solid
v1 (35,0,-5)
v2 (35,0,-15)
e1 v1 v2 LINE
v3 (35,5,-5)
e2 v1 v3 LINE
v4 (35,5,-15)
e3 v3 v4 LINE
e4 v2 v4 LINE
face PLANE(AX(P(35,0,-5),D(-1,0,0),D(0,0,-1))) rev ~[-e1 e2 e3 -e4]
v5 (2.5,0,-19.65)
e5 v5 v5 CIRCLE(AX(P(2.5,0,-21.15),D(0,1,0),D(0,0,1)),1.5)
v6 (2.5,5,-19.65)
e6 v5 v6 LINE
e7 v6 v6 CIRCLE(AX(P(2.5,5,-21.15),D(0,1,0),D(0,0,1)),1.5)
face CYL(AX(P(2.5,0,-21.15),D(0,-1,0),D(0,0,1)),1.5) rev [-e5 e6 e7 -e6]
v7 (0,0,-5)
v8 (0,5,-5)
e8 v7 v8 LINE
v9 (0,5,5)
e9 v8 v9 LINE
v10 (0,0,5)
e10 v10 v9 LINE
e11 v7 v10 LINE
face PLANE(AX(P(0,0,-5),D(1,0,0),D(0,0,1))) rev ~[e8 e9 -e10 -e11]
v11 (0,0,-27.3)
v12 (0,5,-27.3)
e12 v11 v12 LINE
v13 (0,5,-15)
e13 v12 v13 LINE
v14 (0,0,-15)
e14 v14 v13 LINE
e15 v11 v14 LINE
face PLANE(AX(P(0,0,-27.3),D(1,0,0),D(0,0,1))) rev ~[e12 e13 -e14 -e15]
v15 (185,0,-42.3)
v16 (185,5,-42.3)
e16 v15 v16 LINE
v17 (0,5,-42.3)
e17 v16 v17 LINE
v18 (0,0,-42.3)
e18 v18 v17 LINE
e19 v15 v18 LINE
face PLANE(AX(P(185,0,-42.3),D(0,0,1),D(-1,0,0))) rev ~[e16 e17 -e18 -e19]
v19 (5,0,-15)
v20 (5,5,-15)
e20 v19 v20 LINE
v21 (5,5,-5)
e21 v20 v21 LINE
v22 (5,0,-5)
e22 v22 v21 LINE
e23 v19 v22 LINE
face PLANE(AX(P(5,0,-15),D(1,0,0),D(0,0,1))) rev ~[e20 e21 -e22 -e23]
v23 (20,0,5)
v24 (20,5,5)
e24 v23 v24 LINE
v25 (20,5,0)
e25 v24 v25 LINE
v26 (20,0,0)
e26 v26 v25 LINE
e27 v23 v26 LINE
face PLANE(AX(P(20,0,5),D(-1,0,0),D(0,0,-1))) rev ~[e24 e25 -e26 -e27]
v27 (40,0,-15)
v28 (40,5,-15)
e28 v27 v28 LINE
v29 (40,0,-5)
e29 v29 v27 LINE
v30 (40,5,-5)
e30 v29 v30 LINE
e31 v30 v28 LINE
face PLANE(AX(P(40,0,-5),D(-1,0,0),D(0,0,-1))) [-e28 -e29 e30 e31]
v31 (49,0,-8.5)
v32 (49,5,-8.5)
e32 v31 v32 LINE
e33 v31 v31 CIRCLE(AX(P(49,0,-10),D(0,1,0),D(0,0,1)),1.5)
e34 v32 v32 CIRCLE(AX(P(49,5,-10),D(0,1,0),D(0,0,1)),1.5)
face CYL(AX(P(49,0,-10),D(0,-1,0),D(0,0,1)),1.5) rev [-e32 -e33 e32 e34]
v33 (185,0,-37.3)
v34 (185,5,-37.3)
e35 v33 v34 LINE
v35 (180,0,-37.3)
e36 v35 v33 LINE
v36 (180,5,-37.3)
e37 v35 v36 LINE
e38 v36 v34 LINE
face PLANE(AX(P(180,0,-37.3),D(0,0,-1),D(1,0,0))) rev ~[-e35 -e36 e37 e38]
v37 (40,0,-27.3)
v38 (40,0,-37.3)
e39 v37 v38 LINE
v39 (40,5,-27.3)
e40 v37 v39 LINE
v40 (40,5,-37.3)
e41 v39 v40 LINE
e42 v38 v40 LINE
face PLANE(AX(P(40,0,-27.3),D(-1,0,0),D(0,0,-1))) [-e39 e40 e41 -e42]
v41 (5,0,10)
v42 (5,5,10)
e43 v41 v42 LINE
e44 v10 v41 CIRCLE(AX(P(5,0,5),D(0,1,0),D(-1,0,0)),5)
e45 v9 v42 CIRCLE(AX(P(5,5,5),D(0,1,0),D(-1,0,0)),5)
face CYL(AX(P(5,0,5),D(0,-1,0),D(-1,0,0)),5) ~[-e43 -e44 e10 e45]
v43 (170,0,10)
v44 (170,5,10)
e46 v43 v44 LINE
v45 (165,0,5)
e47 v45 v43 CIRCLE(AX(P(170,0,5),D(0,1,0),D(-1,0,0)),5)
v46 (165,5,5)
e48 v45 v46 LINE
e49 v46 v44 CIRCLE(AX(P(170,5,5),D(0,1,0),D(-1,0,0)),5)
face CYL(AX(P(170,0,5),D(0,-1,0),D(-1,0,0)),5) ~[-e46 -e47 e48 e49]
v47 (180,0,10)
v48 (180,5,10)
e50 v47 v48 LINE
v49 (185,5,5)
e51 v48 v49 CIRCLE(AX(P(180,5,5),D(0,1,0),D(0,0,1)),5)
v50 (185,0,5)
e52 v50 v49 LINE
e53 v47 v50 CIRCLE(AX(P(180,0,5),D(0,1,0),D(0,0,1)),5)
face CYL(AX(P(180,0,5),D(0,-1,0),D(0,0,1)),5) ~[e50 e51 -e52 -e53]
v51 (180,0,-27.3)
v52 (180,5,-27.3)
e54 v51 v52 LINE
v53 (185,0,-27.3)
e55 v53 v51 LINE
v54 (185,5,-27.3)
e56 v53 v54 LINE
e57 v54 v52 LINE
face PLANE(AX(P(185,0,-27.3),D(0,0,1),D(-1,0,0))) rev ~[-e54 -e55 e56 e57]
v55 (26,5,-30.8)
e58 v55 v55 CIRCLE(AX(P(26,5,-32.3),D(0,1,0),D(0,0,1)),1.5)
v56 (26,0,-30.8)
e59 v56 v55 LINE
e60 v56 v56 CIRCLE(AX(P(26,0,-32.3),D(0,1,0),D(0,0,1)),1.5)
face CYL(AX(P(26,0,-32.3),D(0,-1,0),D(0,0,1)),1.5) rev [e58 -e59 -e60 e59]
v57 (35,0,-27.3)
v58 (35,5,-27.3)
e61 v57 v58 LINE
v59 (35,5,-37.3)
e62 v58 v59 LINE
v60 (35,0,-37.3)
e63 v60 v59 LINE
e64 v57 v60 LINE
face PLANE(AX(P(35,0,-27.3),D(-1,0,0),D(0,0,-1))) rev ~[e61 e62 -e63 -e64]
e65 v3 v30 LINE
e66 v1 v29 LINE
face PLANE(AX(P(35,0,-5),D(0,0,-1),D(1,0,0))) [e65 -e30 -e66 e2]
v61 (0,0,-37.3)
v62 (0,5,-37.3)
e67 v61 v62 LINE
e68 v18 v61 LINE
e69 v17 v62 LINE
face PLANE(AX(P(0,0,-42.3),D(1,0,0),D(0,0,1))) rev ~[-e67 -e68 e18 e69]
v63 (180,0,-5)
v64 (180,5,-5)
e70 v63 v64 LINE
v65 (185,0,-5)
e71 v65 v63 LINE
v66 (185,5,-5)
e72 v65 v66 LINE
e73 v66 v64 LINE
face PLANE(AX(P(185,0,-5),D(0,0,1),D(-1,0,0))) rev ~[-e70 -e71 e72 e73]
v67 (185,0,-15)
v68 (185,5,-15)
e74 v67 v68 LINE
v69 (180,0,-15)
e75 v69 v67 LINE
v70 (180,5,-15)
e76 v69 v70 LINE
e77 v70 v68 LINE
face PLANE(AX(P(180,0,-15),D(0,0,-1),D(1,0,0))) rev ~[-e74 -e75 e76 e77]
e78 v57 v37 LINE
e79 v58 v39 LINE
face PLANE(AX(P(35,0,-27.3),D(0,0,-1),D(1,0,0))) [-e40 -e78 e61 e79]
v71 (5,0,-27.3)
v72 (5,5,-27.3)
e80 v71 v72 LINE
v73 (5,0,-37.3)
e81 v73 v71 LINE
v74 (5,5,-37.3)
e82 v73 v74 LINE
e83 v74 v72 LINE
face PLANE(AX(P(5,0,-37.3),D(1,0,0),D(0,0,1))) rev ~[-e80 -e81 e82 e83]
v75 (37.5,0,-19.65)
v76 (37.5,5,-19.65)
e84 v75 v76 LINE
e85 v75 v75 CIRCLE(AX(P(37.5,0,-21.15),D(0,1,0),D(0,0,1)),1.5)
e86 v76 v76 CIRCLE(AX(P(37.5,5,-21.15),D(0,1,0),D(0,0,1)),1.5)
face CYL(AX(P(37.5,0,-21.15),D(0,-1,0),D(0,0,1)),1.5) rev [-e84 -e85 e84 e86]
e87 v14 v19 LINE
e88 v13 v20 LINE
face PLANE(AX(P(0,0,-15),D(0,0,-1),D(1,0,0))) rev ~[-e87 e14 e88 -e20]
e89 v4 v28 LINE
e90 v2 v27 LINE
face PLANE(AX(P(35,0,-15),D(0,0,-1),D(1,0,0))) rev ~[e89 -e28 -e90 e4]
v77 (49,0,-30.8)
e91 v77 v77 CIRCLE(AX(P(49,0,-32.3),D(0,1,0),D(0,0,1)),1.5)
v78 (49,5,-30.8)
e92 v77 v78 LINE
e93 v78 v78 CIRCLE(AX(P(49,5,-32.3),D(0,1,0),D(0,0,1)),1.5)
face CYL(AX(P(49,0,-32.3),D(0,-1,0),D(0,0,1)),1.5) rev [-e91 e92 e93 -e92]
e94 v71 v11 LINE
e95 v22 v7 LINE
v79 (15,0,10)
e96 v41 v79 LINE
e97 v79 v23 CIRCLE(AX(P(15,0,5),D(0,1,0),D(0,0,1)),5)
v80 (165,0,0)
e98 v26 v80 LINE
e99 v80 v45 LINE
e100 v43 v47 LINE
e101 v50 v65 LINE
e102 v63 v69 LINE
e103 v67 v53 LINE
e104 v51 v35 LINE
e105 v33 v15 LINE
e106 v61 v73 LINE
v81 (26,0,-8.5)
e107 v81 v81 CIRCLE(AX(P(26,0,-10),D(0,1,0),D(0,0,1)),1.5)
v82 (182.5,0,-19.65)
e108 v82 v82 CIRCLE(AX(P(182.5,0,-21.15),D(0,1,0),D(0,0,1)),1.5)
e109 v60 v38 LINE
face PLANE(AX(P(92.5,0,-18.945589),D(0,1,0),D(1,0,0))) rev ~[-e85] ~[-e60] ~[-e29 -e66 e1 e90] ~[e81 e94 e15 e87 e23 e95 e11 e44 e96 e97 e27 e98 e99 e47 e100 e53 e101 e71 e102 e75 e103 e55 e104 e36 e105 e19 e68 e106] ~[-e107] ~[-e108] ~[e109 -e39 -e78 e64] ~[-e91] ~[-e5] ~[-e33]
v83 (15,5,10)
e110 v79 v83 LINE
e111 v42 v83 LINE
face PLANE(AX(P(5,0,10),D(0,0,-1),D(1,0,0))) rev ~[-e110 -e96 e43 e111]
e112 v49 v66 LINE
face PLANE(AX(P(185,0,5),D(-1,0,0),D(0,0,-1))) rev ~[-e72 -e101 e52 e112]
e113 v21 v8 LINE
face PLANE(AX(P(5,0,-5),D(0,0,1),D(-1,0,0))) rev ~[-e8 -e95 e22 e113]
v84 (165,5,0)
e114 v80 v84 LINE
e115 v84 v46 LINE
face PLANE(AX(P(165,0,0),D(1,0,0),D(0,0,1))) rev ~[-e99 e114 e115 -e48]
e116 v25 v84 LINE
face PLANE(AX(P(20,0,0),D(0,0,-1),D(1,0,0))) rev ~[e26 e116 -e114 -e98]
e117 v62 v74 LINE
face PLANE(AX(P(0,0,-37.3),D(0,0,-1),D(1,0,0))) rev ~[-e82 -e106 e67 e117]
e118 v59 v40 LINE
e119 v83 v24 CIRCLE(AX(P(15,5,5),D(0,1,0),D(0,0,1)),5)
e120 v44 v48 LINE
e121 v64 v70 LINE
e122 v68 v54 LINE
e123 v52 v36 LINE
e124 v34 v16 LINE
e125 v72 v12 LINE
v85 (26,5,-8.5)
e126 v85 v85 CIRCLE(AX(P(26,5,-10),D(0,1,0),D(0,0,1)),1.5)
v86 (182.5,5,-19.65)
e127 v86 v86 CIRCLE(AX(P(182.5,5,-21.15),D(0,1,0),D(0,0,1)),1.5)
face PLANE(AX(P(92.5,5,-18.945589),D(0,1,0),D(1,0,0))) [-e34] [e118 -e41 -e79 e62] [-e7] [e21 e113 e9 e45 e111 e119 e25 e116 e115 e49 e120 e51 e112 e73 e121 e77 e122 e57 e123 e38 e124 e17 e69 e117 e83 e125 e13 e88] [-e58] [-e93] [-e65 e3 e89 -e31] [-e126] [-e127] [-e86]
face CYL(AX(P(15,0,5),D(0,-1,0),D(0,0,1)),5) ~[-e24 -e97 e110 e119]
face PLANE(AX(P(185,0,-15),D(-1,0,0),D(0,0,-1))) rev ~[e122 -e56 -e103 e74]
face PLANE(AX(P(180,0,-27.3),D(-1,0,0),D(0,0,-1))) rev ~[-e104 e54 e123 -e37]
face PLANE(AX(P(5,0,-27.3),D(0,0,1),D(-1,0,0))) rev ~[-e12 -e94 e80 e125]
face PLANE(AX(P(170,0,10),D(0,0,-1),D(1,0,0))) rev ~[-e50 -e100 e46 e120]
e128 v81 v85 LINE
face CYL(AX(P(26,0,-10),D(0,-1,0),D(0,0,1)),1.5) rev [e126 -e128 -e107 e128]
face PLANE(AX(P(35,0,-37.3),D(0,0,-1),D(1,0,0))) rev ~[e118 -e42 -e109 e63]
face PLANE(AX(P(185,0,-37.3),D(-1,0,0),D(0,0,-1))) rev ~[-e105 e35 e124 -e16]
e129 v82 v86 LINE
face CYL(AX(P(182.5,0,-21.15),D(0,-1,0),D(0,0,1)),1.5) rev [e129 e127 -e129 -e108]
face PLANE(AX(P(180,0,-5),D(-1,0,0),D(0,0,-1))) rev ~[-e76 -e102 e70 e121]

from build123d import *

# Parameters (mm, degrees)
SKETCH_1_R      = 1.5
SKETCH_1_W      = 5
SKETCH_1_H      = 10
EXTRUDE_1_DEPTH = 5


with BuildPart() as part:
    # 草图1 → 凸台-拉伸1 (new body)
    with BuildSketch(Plane(origin=(0, 0, 0), x_dir=(1, 0, 0), z_dir=(0, 1, 0))):
        with BuildLine():
            Line((0, 0), (0, -5))
            ThreePointArc((0, -5), (1.464466094, -8.535533906), (5, -10))
            Line((5, -10), (15, -10))
            ThreePointArc((15, -10), (18.535533906, -8.535533906), (20, -5))
            Line((20, -5), (20, 0))
            Line((20, 0), (165, 0))
            Line((165, 0), (165, -5))
            ThreePointArc((165, -5), (166.464466094, -8.535533906), (170, -10))
            Line((170, -10), (180, -10))
            ThreePointArc((180, -10), (183.535533906, -8.535533906), (185, -5))
            Line((185, -5), (185, 0))
            Line((185, 0), (185, 5))
            Line((185, 5), (180, 5))
            Line((180, 5), (180, 15))
            Line((180, 15), (185, 15))
            Line((185, 15), (185, 27.3))
            Line((185, 27.3), (180, 27.3))
            Line((180, 27.3), (180, 37.3))
            Line((180, 37.3), (185, 37.3))
            Line((185, 37.3), (185, 42.3))
            Line((185, 42.3), (0, 42.3))
            Line((0, 42.3), (0, 37.3))
            Line((0, 37.3), (5, 37.3))
            Line((5, 37.3), (5, 27.3))
            Line((5, 27.3), (0, 27.3))
            Line((0, 27.3), (0, 15))
            Line((0, 15), (5, 15))
            Line((5, 15), (5, 5))
            Line((5, 5), (0, 5))
            Line((0, 5), (0, 0))
        make_face()
        with Locations(Location((26, 32.3, 0), (0, 0, 270))):
            Circle(SKETCH_1_R, mode=Mode.SUBTRACT)
        with Locations(Location((49, 32.3, 0), (0, 0, 270))):
            Circle(SKETCH_1_R, mode=Mode.SUBTRACT)
        with Locations(Location((26, 10, 0), (0, 0, 270))):
            Circle(SKETCH_1_R, mode=Mode.SUBTRACT)
        with Locations(Location((49, 10, 0), (0, 0, 270))):
            Circle(SKETCH_1_R, mode=Mode.SUBTRACT)
        with Locations(Location((2.5, 21.15, 0), (0, 0, 270))):
            Circle(SKETCH_1_R, mode=Mode.SUBTRACT)
        with Locations(Location((182.5, 21.15, 0), (0, 0, 270))):
            Circle(SKETCH_1_R, mode=Mode.SUBTRACT)
        with Locations(Location((37.5, 21.15, 0), (0, 0, 270))):
            Circle(SKETCH_1_R, mode=Mode.SUBTRACT)
        with Locations((37.5, 32.3)):
            Rectangle(SKETCH_1_W, SKETCH_1_H, mode=Mode.SUBTRACT)
        with Locations((37.5, 10)):
            Rectangle(SKETCH_1_W, SKETCH_1_H, mode=Mode.SUBTRACT)
    extrude(amount=EXTRUDE_1_DEPTH)


solid = part.part
